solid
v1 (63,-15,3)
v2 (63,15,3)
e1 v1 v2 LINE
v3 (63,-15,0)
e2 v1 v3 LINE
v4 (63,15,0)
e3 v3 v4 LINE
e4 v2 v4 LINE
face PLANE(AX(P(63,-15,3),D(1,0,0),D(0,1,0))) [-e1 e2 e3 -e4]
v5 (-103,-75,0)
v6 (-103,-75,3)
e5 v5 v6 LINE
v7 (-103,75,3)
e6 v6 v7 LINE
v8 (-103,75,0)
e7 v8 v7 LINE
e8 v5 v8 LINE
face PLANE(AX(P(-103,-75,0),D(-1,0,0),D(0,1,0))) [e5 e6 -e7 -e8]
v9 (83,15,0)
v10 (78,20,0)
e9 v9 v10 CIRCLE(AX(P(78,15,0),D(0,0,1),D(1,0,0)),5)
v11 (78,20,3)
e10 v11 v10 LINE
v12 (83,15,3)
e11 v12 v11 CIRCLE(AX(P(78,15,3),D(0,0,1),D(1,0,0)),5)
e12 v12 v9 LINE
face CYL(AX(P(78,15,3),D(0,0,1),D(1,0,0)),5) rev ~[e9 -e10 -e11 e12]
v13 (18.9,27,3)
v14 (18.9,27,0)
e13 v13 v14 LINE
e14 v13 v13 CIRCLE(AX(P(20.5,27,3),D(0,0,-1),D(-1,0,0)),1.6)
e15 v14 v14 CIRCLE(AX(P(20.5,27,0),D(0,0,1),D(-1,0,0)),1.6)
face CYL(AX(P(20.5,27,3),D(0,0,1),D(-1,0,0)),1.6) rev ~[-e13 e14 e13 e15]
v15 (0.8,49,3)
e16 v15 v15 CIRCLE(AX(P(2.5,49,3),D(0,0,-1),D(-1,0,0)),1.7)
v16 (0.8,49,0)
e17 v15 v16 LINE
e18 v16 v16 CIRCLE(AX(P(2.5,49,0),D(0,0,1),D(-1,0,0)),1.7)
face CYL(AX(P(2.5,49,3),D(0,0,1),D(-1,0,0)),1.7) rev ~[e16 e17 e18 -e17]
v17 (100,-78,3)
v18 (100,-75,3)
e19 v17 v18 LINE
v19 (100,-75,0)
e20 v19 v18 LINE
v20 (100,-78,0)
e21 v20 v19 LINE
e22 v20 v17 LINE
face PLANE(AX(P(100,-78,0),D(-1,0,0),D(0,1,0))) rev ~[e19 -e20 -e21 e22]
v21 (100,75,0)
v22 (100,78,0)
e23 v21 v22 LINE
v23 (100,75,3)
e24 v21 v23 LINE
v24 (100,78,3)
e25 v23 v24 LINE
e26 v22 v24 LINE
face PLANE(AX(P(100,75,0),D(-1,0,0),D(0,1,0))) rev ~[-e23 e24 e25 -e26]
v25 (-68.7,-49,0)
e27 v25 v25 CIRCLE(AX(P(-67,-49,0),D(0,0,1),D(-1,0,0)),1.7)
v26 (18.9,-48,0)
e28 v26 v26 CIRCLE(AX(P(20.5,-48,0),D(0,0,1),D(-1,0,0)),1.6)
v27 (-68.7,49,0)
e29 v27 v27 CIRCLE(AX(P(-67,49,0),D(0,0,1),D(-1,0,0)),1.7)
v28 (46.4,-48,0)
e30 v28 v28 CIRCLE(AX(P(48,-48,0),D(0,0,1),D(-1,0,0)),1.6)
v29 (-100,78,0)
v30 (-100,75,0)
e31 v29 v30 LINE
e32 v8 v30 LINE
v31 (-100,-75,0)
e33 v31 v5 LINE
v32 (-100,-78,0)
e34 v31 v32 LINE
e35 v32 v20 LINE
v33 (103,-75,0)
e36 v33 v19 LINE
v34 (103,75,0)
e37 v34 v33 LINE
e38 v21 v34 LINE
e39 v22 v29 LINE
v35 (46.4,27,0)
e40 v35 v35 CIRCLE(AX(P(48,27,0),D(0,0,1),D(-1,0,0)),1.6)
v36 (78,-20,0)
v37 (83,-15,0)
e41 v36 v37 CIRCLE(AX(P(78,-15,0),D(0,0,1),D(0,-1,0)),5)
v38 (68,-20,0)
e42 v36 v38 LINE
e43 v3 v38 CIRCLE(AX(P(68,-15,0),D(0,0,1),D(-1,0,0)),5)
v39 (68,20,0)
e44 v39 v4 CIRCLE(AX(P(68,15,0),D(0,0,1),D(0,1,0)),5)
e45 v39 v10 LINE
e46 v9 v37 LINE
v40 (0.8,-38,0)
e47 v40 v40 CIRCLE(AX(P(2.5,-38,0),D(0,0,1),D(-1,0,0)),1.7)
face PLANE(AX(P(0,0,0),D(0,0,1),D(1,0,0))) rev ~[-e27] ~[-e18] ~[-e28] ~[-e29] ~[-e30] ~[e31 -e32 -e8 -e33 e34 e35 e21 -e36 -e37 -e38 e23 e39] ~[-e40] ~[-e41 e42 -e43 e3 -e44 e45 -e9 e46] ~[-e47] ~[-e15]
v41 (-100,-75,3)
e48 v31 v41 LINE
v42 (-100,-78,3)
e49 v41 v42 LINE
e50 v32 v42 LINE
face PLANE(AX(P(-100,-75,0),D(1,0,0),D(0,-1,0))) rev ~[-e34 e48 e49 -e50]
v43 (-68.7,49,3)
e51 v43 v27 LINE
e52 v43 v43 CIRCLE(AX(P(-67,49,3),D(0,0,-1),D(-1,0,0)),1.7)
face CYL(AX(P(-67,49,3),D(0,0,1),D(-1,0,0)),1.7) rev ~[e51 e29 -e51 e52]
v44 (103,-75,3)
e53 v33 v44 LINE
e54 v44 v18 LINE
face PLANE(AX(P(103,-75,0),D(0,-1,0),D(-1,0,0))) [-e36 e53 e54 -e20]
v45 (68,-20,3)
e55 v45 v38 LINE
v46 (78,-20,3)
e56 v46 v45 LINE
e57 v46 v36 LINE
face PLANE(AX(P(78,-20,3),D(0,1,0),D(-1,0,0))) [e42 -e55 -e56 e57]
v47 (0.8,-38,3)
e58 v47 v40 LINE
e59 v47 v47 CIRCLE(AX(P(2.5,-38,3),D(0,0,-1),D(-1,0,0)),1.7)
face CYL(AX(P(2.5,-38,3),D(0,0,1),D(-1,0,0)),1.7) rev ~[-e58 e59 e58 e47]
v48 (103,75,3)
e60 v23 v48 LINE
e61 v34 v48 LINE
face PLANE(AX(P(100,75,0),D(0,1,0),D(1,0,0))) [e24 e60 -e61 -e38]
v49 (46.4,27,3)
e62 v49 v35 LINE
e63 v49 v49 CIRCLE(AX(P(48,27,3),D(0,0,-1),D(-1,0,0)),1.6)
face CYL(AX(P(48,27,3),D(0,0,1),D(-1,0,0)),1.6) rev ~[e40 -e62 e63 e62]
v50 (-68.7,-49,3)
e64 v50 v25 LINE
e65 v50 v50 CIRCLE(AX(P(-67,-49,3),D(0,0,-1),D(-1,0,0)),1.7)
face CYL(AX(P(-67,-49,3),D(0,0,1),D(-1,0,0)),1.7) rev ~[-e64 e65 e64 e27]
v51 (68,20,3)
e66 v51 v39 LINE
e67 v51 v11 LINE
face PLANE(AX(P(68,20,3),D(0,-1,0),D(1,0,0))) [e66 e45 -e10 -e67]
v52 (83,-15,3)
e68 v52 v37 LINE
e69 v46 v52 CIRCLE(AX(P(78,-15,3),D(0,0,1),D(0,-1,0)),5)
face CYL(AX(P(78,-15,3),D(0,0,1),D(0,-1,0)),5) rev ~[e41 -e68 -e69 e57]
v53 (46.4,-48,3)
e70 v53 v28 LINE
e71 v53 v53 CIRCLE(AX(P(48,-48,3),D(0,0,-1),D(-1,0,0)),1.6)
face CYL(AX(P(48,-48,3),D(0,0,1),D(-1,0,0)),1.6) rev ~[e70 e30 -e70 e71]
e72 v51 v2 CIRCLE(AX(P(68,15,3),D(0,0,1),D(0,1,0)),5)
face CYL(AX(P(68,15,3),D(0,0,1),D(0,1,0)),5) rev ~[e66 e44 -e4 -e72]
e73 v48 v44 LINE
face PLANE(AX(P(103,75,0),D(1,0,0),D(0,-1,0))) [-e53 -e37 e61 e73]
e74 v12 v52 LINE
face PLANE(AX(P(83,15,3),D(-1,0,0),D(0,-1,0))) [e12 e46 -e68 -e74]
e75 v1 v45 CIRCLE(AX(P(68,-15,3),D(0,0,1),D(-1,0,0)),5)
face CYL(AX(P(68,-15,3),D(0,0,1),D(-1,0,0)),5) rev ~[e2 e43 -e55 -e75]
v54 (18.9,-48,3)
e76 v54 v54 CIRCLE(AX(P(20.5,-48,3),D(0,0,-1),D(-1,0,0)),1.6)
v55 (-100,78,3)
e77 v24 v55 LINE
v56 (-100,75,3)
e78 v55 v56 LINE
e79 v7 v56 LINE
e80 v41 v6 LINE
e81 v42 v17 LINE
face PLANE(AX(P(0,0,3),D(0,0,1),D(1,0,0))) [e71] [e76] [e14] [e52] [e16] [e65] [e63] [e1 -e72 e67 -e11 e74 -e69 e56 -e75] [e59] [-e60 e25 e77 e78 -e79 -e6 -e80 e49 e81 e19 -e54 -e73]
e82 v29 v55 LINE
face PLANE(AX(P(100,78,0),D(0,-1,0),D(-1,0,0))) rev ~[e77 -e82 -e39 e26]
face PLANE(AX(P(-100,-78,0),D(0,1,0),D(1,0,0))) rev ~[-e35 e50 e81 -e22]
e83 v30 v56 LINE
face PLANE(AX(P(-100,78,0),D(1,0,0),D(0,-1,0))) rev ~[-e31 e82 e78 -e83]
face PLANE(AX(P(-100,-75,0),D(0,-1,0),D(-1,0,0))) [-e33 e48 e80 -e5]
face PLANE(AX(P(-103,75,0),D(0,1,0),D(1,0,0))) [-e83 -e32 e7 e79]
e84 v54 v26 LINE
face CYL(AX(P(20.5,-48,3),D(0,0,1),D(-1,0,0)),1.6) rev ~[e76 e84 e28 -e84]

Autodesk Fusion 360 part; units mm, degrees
sketch "Esquisse1" plane through (0, 0, 0) normal (0, 0, 1) x (1, 0, 0)
  line L0 (100, 78) -> (-100, 78)
  line L1 (-100, 78) -> (-100, -78)
  line L2 (-100, -78) -> (100, -78)
  line L3 (100, -78) -> (100, 78)
  line L4 (100, 78) -> (-100, -78) construction
  line L5 (-100, 78) -> (100, -78) construction
  line L6 (103, -75) -> (-103, -75)
  line L7 (-103, -75) -> (-103, 75)
  line L8 (-103, 75) -> (103, 75)
  line L9 (103, 75) -> (103, -75)
  line L10 (103, -75) -> (-103, 75) construction
  line L11 (-103, -75) -> (103, 75) construction
  dimension "d1" = 200
  dimension "d2" = 206
  dimension "d3" = 150
  dimension "d4" = 156
extrude "Extrusion1" add sketch "Esquisse1" along normal blind 3
sketch "Esquisse4" plane through (0, 0, 3) normal (0, 0, 1) x (-1, 0, 0)
  line L0 (-100, -75) -> (-100, -78)
  line L1 (-100, -78) -> (100, -78)
  line L2 (100, -78) -> (100, -75)
  line L3 (100, -75) -> (103, -75)
  line L4 (103, -75) -> (103, 75)
  line L5 (103, 75) -> (100, 75)
  line L6 (100, 75) -> (100, 78)
  line L7 (100, 78) -> (-100, 78)
  line L8 (-100, 78) -> (-100, 75)
  line L9 (-100, 75) -> (-103, 75)
  line L10 (-103, 75) -> (-103, -75)
  line L11 (-103, -75) -> (-100, -75)
  line L12 (-2.5, 49) -> (67, 49)
  line L13 (67, 49) -> (67, -49)
  line L14 (67, -49) -> (-2.5, -49)
  line L15 (-2.5, -49) -> (-2.5, 49)
  line L16 (-2.5, 49) -> (67, -49) construction
  line L17 (67, 49) -> (-2.5, -49) construction
  line L18 (-48, 48) -> (-20.5, 48)
  line L19 (-20.5, 48) -> (-20.5, -27)
  line L20 (-20.5, -27) -> (-48, -27)
  line L21 (-48, -27) -> (-48, 48)
  line L22 (-48, 48) -> (-20.5, -27) construction
  line L23 (-20.5, 48) -> (-48, -27) construction
  circle A0 centre (67, -49) radius 1.7
  circle A1 centre (-2.5, -49) radius 1.7
  circle A2 centre (-20.5, -27) radius 1.6
  circle A3 centre (-48, -27) radius 1.6
  circle A4 centre (-20.5, 48) radius 1.6
  circle A5 centre (-48, 48) radius 1.6
  line L24 (67, -49) -> (-2.5, -49)
  line L25 (-2.5, -49) -> (-2.5, 38)
  line L26 (-2.5, 38) -> (67, 38)
  line L27 (67, 38) -> (67, -49)
  circle A6 centre (67, 49) radius 1.7
  circle A7 centre (-2.5, 38) radius 1.7
  line L28 (-83, -15) -> (-83, 15)
  line L29 (-68, -20) -> (-78, -20)
  arc A8 (-68, -20) -> (-63, -15) centre (-68, -15) ccw
  line L30 (-63, 20) -> (-83, -20) construction
  line L31 (-78, 20) -> (-68, 20)
  arc A9 (-63, 15) -> (-68, 20) centre (-68, 15) ccw
  arc A10 (-78, 20) -> (-83, 15) centre (-78, 15) ccw
  line L32 (-83, 20) -> (-63, -20) construction
  line L33 (-63, 15) -> (-63, -15)
  arc A11 (-83, -15) -> (-78, -20) centre (-78, -15) ccw
  point P0 (32.25, 0)
  point P1 (-34.25, 10.5)
  point P2 (-73, 0)
  dimension "d26" = 69.5
  dimension "d27" = 98
  dimension "d28" = 27.5
  dimension "d29" = 75
  dimension "d30" = 18
  dimension "d31" = 3.4
  dimension "d34" = 3.4
  dimension "d35" = 3.2
  dimension "d36" = 3.2
  dimension "d37" = 3.2
  dimension "d38" = 3.2
  dimension "d39" = 87
  dimension "d43" = 3.4
  dimension "d44" = 3.4
  dimension "d45" = 5
  dimension "d46" = 20
  dimension "d47" = 15
  dimension "d48" = 20
  dimension "d49" = 40
  dimension "d50" = 29
  dimension "d51" = 58
  dimension "d52" = 30
extrude "Extrusion4" cut sketch "Esquisse4" against normal blind 3 contours L12 L13 A6 | L12 L13 A6 | L15 L26 A7 | L15 L25 A7 | L15 L25 L26 A7 | L14 L15 A1 L24 L25 | L14 L15 A1 L24 L25 | L13 L14 A0 L24 L27 | L13 L14 A0 L24 L27 | L18 L21 A5 | L18 L21 A5 | L18 L19 A4 | L18 L19 A4 | L20 L21 A3 | L20 L21 A3 | L19 L20 A2 | L19 L20 A2 | L28 L29 A8 L31 A9 A10 L33 A11
equation "d2 = d1 + ( 2 * 3 ) * 1 mm"
equation "d4 = d3 + ( 2 * 3 ) * 1 mm"
